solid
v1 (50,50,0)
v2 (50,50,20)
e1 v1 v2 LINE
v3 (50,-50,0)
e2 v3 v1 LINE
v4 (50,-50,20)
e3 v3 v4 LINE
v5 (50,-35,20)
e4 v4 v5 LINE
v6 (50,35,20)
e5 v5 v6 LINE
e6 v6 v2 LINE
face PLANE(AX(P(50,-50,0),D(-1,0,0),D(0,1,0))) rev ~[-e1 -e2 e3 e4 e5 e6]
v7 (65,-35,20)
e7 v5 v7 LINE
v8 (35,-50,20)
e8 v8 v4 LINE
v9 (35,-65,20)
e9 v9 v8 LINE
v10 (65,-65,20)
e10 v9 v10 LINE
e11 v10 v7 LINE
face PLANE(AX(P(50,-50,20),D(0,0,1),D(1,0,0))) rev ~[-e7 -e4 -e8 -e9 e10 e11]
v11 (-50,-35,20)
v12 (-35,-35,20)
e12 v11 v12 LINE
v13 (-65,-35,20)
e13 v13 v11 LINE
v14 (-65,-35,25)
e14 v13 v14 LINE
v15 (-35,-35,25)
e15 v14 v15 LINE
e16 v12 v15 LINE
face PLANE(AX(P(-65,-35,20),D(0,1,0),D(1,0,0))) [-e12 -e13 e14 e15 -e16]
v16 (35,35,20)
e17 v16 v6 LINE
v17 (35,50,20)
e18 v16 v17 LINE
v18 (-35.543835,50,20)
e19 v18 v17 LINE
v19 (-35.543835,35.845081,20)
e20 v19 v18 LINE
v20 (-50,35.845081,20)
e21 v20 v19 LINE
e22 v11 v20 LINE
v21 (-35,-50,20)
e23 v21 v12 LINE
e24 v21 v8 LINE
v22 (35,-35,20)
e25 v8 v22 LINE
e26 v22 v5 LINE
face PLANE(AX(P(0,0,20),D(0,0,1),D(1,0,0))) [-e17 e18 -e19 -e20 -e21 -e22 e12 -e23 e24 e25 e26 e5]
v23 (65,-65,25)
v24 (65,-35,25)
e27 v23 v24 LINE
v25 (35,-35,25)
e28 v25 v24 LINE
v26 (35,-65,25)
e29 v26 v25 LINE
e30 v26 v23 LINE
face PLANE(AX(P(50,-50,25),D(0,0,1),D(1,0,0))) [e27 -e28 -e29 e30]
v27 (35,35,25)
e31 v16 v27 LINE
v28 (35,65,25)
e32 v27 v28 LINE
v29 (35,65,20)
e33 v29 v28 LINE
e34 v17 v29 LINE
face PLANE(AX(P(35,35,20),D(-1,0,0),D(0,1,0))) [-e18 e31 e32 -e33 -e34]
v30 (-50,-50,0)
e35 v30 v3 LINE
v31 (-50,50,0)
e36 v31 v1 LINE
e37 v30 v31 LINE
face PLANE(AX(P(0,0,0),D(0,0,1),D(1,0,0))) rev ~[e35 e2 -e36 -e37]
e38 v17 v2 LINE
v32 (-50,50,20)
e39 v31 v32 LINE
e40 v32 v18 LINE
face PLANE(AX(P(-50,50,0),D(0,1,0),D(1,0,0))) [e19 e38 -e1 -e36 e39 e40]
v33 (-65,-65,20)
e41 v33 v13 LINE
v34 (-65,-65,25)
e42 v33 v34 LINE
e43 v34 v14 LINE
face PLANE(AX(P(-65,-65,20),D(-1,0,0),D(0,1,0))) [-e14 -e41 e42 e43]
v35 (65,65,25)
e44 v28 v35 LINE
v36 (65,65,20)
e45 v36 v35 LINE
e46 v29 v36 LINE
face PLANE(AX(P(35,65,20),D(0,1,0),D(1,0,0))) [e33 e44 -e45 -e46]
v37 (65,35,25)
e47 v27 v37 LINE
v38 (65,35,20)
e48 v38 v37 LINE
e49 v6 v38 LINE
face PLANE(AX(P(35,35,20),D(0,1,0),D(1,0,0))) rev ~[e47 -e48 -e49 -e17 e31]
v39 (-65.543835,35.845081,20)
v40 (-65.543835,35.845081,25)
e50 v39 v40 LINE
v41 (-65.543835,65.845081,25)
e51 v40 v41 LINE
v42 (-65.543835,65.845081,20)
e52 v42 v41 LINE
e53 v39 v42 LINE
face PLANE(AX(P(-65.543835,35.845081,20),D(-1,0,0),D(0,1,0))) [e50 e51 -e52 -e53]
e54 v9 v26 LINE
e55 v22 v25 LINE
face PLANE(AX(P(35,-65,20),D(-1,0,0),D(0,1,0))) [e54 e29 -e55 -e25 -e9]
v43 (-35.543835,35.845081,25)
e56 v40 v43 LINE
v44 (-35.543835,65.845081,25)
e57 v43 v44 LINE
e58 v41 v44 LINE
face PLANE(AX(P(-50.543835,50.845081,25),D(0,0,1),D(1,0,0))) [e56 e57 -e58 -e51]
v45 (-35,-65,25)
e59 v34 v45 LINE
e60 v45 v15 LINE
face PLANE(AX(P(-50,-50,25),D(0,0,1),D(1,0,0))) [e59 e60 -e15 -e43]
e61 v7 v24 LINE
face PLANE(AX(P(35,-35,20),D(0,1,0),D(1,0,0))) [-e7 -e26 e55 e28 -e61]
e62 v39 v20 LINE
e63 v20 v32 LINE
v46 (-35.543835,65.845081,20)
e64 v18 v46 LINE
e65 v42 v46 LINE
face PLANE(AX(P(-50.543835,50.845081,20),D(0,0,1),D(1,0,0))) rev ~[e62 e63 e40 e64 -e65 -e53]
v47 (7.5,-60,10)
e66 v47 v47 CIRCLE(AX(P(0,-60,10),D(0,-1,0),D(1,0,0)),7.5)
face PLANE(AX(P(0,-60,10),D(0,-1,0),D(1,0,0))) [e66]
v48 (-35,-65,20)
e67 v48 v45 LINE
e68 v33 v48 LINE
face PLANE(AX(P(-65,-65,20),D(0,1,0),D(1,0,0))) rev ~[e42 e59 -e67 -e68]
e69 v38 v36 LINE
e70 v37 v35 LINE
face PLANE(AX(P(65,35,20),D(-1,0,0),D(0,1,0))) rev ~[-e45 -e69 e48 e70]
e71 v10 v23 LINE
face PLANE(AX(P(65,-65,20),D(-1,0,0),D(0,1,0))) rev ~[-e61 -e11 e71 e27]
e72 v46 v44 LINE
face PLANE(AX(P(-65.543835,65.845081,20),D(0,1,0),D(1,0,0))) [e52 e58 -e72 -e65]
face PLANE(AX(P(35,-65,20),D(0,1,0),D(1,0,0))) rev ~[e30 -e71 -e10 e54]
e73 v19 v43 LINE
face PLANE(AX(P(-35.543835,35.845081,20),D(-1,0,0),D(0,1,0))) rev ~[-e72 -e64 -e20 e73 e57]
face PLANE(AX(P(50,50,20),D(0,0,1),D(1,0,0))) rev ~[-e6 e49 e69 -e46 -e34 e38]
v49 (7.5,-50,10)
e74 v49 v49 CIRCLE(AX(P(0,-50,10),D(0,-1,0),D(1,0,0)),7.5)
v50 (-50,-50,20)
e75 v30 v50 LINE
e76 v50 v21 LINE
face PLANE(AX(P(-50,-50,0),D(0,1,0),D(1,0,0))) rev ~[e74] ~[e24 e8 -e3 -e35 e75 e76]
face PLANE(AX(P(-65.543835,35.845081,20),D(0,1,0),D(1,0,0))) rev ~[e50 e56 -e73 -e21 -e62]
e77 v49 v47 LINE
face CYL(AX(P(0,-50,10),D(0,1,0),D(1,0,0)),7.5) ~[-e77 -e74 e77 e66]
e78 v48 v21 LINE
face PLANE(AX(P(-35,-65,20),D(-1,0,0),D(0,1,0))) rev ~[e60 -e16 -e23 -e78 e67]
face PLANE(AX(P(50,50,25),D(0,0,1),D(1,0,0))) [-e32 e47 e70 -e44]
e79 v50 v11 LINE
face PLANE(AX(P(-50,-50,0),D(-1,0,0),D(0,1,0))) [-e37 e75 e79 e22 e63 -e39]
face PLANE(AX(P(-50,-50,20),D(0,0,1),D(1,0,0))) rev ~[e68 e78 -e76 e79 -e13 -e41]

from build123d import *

# Parameters (mm, degrees)
SKETCH_W     = 100
SKETCH_H     = 100
PAD_DEPTH    = 20
SKETCH001_W  = 30
SKETCH001_H  = 30
PAD001_DEPTH = 5
SKETCH002_R  = 7.5
PAD002_DEPTH = 10


with BuildPart() as part:
    # Sketch → Pad (new body)
    with BuildSketch(Plane.XY):
        Rectangle(SKETCH_W, SKETCH_H)
    extrude(amount=PAD_DEPTH)

    # Sketch001 (on Face6 of Pad) → Pad001 (join)
    with BuildSketch(Plane.XY.offset(20)):
        with Locations((-50.543835, 50.845081)):
            Rectangle(SKETCH001_W, SKETCH001_H)
        with Locations((-50, -50)):
            Rectangle(SKETCH001_W, SKETCH001_H)
        with Locations((50, -50)):
            Rectangle(SKETCH001_W, SKETCH001_H)
        with Locations((50, 50)):
            Rectangle(SKETCH001_W, SKETCH001_H)
    extrude(amount=PAD001_DEPTH)

    # Sketch002 (on Face1 of Pad001) → Pad002 (join)
    with BuildSketch(Plane.XZ.offset(50)):
        with Locations((0, 10)):
            Circle(SKETCH002_R)
    extrude(amount=PAD002_DEPTH)


solid = part.part
